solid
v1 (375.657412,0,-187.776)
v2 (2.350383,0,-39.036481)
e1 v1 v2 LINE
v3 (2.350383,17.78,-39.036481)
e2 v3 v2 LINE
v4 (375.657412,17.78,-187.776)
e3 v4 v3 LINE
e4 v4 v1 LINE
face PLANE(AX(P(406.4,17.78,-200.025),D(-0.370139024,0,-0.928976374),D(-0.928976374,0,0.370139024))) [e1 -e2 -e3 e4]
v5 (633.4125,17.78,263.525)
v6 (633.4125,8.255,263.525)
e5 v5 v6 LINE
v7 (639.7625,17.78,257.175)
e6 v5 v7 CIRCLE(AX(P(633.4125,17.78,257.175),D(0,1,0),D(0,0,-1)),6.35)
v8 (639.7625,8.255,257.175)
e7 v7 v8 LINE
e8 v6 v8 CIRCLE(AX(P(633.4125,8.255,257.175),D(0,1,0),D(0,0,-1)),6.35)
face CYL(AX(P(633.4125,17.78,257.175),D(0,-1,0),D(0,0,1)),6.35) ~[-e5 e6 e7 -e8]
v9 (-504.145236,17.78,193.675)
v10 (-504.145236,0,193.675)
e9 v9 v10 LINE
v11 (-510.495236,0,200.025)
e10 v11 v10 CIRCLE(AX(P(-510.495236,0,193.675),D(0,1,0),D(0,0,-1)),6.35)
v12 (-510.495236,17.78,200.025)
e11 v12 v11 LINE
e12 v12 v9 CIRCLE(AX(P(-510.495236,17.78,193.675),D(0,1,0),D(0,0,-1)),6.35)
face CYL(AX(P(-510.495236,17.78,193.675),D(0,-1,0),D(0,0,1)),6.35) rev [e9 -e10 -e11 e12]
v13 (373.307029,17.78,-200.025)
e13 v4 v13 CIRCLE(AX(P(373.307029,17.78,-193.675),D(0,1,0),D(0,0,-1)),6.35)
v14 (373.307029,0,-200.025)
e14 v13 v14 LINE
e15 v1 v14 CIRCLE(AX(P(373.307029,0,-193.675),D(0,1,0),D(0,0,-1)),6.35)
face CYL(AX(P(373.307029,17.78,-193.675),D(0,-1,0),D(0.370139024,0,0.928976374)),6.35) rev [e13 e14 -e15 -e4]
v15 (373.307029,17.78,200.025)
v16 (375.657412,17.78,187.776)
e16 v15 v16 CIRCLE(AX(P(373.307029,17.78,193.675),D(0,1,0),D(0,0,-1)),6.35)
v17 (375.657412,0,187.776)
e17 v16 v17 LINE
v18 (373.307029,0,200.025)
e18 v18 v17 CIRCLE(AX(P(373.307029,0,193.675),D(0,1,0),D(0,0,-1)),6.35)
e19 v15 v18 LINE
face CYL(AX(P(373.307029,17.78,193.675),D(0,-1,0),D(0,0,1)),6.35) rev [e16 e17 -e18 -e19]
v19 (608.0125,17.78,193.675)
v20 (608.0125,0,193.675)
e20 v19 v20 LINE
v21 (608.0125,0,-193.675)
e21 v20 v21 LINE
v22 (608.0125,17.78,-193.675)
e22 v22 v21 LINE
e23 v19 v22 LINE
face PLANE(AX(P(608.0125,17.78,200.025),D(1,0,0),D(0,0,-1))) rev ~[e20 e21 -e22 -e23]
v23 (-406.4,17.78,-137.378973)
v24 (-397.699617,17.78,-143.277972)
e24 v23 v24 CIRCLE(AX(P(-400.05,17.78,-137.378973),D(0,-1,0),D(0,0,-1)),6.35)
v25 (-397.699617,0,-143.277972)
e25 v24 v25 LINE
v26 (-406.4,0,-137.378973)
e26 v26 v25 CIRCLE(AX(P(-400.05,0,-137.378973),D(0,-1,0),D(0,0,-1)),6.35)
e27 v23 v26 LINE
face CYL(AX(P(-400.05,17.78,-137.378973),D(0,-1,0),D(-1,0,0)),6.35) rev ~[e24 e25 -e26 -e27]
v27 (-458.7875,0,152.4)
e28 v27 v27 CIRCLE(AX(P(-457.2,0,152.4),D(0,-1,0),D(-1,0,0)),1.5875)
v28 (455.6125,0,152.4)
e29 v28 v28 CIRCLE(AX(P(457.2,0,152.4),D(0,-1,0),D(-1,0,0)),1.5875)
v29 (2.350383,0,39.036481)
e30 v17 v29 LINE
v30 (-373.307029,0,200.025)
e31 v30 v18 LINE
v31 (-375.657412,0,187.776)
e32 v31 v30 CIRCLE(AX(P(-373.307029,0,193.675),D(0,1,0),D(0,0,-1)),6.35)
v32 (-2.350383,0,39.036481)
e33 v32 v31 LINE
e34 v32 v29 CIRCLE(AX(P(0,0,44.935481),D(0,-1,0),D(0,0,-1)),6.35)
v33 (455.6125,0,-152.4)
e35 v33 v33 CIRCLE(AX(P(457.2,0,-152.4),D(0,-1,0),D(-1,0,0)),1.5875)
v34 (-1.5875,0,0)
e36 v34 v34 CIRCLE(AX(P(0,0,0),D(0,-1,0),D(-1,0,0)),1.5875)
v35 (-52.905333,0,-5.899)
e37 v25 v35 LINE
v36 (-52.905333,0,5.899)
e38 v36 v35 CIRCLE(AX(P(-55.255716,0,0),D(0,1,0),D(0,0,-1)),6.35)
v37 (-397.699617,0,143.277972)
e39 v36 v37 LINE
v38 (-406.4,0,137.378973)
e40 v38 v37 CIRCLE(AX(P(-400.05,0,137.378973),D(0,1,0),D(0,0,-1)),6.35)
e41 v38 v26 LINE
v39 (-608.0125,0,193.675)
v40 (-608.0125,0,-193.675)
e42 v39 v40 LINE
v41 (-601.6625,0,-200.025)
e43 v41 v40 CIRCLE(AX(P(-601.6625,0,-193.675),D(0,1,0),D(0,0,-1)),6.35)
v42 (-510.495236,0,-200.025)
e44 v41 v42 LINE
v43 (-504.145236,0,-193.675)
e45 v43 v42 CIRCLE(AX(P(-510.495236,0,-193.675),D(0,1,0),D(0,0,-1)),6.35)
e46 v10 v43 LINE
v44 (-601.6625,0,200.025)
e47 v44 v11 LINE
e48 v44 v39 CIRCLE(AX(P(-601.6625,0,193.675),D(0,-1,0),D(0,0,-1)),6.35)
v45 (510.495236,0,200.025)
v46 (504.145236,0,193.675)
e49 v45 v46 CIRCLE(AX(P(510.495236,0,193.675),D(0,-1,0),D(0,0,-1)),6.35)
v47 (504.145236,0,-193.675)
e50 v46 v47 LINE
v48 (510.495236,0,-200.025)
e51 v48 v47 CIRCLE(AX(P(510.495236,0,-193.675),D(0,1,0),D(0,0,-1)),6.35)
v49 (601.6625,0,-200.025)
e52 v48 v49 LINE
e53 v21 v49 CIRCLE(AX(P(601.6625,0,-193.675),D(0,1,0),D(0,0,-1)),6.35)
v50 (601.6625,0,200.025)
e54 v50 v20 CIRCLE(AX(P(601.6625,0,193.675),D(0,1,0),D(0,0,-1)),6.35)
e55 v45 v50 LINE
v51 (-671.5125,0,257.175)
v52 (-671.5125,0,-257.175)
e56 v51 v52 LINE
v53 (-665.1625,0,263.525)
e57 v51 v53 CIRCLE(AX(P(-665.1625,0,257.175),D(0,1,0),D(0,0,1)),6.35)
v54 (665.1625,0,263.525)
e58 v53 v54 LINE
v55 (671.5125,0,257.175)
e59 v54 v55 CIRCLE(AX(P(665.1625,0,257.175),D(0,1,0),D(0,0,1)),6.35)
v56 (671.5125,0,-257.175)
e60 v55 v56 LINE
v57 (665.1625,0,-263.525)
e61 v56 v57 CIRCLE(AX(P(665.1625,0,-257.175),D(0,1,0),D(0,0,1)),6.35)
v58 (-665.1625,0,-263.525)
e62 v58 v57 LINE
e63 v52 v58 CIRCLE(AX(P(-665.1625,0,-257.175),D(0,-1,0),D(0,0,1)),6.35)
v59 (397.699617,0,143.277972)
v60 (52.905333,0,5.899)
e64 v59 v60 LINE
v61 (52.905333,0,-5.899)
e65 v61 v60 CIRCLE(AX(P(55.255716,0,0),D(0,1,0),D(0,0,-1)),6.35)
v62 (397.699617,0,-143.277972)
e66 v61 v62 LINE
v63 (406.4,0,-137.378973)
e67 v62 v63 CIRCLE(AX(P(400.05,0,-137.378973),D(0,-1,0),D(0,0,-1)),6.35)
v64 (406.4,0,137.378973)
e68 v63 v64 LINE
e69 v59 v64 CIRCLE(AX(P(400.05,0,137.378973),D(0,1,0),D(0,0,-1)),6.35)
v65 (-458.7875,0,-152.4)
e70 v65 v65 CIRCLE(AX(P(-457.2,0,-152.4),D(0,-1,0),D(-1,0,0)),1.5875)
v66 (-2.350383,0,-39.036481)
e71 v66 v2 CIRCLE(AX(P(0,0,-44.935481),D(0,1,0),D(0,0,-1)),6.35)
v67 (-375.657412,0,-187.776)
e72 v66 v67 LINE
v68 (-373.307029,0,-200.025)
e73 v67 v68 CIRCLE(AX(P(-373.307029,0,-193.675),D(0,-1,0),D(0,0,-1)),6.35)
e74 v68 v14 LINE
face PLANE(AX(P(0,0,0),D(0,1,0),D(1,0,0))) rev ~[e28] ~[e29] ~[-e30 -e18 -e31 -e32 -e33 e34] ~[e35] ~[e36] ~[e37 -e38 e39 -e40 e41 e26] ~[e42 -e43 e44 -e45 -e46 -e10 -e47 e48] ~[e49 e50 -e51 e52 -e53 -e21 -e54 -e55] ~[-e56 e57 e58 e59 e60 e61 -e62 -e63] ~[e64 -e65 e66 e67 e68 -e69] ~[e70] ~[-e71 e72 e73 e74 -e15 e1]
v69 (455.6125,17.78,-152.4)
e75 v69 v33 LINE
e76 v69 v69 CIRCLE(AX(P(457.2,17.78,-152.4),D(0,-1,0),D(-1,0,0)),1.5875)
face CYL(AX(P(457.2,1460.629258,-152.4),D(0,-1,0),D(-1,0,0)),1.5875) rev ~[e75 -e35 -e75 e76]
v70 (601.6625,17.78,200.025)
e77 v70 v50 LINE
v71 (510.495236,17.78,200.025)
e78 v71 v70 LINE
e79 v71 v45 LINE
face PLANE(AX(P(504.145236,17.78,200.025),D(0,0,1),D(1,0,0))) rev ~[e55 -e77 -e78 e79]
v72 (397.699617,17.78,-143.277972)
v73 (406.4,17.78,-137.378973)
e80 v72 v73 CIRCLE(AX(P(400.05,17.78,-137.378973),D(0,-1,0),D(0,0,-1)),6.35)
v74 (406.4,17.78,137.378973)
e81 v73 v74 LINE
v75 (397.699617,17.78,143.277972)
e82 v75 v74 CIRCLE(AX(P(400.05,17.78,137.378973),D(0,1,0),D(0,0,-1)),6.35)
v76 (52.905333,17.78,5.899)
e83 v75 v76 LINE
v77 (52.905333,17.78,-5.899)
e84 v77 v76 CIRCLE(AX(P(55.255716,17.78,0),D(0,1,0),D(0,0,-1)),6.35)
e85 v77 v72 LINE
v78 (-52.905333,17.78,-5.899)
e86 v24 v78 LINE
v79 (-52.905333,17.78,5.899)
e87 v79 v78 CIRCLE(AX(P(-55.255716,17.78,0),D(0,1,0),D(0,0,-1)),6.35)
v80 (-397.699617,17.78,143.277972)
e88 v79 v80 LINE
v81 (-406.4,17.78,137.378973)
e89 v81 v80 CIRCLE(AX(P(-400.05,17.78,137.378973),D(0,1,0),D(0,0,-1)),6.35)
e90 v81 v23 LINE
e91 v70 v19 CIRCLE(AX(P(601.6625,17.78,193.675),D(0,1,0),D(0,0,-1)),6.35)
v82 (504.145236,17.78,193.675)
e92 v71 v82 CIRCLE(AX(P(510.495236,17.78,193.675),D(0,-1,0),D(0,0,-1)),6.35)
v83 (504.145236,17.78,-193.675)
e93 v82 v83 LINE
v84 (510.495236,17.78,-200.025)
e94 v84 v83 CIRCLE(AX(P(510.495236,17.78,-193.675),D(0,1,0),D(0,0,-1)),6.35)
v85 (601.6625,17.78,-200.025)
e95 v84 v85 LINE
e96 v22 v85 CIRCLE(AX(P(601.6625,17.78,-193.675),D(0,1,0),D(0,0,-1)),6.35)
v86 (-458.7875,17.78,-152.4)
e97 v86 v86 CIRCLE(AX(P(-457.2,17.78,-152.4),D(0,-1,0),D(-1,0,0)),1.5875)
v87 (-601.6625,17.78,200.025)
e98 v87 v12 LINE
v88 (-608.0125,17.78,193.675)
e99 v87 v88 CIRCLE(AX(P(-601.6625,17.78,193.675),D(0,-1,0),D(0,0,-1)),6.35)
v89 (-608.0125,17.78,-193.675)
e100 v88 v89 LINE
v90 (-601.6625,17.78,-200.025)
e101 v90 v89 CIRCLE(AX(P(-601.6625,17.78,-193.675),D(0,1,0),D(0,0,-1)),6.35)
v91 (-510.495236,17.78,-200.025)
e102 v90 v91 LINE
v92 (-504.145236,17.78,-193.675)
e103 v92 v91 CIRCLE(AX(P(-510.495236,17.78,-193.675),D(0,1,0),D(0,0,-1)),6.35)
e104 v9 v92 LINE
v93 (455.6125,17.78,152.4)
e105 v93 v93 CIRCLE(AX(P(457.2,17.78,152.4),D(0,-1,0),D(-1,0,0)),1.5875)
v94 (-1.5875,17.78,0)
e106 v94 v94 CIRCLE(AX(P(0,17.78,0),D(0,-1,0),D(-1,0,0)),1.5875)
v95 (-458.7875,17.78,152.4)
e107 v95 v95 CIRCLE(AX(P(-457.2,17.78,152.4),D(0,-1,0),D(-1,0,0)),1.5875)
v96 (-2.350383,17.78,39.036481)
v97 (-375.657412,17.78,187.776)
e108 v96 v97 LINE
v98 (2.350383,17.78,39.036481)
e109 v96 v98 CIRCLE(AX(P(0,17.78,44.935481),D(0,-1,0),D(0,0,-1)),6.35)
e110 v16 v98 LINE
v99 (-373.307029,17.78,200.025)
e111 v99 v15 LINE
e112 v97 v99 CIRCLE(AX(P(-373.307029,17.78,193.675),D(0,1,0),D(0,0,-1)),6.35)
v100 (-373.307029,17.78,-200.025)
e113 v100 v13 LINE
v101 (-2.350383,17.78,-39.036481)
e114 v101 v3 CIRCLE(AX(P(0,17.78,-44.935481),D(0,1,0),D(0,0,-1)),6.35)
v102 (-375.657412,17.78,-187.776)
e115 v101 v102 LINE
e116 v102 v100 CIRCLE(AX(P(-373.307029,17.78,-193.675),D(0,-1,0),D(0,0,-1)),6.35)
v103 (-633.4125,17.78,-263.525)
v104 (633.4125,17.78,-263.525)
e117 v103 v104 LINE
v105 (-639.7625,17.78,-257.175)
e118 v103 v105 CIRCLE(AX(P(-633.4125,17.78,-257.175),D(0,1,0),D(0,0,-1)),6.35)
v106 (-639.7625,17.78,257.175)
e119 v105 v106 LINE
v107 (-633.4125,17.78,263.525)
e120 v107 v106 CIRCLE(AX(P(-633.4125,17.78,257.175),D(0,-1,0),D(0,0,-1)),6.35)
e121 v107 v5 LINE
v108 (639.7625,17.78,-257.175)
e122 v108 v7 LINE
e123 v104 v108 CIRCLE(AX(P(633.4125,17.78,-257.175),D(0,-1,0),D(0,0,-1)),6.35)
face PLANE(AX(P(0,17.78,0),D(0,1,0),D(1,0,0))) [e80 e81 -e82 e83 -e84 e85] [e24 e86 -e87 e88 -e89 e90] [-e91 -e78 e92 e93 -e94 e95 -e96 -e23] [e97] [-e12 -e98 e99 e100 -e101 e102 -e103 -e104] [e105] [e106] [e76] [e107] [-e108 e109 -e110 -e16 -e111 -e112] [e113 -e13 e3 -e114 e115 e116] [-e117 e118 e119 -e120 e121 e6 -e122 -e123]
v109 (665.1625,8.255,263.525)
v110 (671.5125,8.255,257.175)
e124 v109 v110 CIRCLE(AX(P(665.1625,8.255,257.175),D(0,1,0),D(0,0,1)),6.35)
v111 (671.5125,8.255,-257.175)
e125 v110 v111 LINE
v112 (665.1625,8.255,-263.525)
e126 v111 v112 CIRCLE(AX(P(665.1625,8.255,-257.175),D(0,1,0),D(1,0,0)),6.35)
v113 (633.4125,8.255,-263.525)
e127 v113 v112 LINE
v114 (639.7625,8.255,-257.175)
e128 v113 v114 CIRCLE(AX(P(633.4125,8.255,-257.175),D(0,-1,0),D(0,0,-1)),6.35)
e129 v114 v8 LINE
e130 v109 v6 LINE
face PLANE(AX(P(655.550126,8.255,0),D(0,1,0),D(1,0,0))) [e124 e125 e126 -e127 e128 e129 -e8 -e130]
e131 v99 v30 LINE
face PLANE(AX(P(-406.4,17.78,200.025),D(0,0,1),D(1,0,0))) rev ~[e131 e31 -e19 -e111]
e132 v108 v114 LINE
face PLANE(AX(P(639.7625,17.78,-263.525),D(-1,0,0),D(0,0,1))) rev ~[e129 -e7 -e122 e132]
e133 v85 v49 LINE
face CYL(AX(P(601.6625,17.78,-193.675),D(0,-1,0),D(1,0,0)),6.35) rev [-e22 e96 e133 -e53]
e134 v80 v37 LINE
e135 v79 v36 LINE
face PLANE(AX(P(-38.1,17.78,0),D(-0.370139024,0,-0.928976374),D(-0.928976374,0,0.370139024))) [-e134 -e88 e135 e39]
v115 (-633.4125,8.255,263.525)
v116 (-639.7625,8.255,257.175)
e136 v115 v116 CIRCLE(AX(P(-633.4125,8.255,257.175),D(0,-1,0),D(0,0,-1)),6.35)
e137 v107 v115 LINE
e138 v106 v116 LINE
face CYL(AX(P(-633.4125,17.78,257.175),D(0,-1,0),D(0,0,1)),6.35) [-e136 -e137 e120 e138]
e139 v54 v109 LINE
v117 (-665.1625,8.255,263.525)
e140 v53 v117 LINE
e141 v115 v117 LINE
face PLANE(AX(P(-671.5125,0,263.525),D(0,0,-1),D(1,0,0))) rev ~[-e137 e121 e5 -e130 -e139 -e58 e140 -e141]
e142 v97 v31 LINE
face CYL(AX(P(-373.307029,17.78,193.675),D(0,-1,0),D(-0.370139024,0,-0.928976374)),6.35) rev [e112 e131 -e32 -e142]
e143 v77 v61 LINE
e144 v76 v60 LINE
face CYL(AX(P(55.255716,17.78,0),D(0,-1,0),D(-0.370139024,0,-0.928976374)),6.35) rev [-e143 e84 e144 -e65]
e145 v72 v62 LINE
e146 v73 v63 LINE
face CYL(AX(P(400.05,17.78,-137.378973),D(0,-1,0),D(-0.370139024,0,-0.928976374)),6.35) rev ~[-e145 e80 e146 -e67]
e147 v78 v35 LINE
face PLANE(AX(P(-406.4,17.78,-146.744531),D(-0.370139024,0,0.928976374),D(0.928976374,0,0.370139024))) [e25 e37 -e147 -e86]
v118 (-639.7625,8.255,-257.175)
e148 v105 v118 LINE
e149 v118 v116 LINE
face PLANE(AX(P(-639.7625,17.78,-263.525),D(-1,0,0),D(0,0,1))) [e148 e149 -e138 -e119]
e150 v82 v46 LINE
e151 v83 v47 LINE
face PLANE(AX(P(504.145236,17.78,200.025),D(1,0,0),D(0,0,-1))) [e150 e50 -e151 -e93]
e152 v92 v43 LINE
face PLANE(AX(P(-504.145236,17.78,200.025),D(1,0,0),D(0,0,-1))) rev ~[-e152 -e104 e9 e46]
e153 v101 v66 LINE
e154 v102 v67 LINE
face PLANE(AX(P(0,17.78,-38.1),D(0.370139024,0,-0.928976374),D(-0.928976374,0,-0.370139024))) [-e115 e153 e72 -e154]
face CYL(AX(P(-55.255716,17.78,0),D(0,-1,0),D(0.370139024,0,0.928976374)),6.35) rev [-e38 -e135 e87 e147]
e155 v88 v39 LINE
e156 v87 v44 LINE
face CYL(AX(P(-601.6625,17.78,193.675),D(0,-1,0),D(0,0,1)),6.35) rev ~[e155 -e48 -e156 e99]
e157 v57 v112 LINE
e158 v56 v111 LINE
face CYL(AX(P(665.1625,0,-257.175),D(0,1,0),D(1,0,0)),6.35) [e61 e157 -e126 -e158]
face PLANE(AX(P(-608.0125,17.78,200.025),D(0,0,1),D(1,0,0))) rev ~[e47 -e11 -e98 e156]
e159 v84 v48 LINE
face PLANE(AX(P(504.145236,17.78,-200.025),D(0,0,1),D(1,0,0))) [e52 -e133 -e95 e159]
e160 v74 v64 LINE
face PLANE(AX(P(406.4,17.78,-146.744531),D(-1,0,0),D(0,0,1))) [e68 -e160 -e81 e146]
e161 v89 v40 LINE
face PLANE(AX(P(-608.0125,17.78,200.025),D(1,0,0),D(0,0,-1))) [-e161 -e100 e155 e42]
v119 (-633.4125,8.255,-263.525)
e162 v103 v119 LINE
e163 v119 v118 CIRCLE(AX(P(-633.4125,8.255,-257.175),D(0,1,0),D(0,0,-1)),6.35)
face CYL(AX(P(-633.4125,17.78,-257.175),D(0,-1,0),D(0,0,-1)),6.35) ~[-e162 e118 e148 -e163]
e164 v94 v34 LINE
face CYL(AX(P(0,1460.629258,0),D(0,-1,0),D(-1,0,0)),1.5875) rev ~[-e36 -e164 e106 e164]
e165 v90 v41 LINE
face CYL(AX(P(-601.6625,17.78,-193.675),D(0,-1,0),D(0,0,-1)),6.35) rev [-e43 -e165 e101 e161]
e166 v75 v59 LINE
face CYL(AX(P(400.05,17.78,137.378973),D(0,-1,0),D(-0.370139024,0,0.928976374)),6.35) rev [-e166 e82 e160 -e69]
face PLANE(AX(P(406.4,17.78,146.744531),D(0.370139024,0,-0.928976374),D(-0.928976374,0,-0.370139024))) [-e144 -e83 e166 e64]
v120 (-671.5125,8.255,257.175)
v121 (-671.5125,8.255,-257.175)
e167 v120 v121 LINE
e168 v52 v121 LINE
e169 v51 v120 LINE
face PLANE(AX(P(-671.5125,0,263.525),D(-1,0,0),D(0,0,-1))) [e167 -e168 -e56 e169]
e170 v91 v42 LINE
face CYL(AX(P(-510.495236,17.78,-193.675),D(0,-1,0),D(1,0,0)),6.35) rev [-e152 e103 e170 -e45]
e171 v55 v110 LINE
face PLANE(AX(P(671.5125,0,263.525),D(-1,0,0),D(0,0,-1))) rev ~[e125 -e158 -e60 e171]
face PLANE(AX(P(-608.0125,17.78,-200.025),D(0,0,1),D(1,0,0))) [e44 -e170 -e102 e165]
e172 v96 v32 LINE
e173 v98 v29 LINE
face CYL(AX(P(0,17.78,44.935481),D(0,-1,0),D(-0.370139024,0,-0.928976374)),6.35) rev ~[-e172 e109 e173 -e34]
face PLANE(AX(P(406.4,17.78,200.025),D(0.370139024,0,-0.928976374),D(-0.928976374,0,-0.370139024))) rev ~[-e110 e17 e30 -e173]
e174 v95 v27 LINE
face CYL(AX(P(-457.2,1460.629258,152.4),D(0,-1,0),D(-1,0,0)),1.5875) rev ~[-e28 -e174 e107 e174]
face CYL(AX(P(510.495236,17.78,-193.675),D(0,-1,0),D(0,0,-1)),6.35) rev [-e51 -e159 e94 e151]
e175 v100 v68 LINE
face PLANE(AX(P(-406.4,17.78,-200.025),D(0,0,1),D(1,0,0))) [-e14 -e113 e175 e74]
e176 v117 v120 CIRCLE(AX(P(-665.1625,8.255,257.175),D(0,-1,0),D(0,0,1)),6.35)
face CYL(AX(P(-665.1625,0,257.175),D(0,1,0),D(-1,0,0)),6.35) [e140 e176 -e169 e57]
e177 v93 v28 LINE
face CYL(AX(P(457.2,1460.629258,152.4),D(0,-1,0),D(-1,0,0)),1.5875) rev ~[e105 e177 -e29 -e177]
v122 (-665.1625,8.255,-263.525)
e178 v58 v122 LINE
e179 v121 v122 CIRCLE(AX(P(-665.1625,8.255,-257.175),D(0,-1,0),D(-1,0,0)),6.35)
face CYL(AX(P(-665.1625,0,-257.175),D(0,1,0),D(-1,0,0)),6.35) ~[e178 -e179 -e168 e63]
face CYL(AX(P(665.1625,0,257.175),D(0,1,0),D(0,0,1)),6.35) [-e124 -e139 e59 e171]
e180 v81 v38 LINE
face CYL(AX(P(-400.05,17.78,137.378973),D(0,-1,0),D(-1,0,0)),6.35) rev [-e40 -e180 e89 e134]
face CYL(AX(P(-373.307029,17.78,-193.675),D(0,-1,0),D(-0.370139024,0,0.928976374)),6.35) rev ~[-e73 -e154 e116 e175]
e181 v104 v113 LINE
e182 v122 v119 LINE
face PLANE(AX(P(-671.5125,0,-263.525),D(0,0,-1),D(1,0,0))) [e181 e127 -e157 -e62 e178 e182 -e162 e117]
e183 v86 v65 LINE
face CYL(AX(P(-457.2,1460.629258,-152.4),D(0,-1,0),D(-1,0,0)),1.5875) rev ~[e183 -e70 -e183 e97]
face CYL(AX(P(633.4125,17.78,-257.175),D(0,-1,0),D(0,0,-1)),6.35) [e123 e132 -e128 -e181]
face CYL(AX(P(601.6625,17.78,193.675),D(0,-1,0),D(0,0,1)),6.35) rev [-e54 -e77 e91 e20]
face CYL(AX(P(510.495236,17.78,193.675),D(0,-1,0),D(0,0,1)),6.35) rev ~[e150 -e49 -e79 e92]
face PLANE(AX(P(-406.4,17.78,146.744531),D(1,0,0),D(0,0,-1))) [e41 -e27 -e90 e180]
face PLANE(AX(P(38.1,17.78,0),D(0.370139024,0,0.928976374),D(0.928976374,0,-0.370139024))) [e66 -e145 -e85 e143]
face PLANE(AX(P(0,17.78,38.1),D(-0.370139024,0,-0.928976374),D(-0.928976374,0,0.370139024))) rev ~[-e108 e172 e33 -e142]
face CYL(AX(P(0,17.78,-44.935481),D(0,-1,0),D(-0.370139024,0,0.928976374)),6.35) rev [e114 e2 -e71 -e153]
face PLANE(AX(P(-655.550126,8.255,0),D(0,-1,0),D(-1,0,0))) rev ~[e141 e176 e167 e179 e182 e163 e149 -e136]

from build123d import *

# Parameters (mm, degrees)
SKETCH1_W                    = 1343.025
SKETCH1_H                    = 527.05
BOSS_EXTRUDE1_DEPTH          = 17.78
FILLET1_R                    = 6.35
F_1_8_0_125_DIAMETER_HOLE1_D = 3.175
SKETCH5_W                    = 103.867264199
SKETCH5_H                    = 400.05
CUT_EXTRUDE1_DEPTH           = 722.588935393
CUT_EXTRUDE2_DEPTH           = 9.525
FILLET2_R                    = 6.35


with BuildPart() as part:
    # Sketch1 → Boss-Extrude1 (new body)
    with BuildSketch(Plane(origin=(0, 0, 0), x_dir=(1, 0, 0), z_dir=(0, 1, 0))):
        Rectangle(SKETCH1_W, SKETCH1_H)
    extrude(amount=BOSS_EXTRUDE1_DEPTH)

    # Fillet1
    fillet1_edges = [part.edges().sort_by_distance(p)[0] for p in [
        (671.5125, 8.89, 263.525),
        (-671.5125, 8.89, 263.525),
        (-671.5125, 8.89, -263.525),
        (671.5125, 8.89, -263.525),
    ]]
    fillet(fillet1_edges, radius=FILLET1_R)

    # 1/8 (0.125) Diameter Hole1 (through all)
    with Locations(Plane(origin=(0, 17.78, 0), x_dir=(1, 0, 0), z_dir=(0, 1, 0))):
        with Locations((0, 0), (457.2, 152.4), (-457.2, -152.4), (-457.2, 152.4), (457.2, -152.4)):
            Hole(F_1_8_0_125_DIAMETER_HOLE1_D / 2)

    # Sketch5 → Cut-Extrude1 (cut, through all)
    with BuildSketch(Plane(origin=(0, 17.78, 0), x_dir=(1, 0, 0), z_dir=(0, 1, 0))):
        Polygon((-406.4, 200.025), (406.4, 200.025), (0, 38.1), align=None)
        Polygon((0, -38.1), (-406.4, -200.025), (406.4, -200.025), align=None)
        Polygon((406.4, 146.74453125), (406.4, -146.74453125), (38.1, 0), align=None)
        Polygon((-406.4, 146.74453125), (-38.1, 0), (-406.4, -146.74453125), align=None)
        with Locations((556.0788679, 0)):
            Rectangle(SKETCH5_W, SKETCH5_H)
        with Locations((-556.0788679, 0)):
            Rectangle(SKETCH5_W, SKETCH5_H)
    extrude(amount=-CUT_EXTRUDE1_DEPTH, mode=Mode.SUBTRACT)

    # Sketch6 → Cut-Extrude2 (cut)
    with BuildSketch(Plane(origin=(0, 17.78, 0), x_dir=(1, 0, 0), z_dir=(0, 1, 0))):
        with BuildLine():
            Line((639.7625, -263.525), (665.1625, -263.525))
            ThreePointArc((665.1625, -263.525), (669.652628061, -261.665128061), (671.5125, -257.175))
            Line((671.5125, -257.175), (671.5125, 257.175))
            ThreePointArc((671.5125, 257.175), (669.652628061, 261.665128061), (665.1625, 263.525))
            Line((665.1625, 263.525), (639.7625, 263.525))
            Line((639.7625, 263.525), (639.7625, -263.525))
        make_face()
        with BuildLine():
            Line((-639.7625, -263.525), (-665.1625, -263.525))
            ThreePointArc((-665.1625, -263.525), (-669.652628061, -261.665128061), (-671.5125, -257.175))
            Line((-671.5125, -257.175), (-671.5125, 257.175))
            ThreePointArc((-671.5125, 257.175), (-669.652628061, 261.665128061), (-665.1625, 263.525))
            Line((-665.1625, 263.525), (-639.7625, 263.525))
            Line((-639.7625, 263.525), (-639.7625, -263.525))
        make_face()
    extrude(amount=-CUT_EXTRUDE2_DEPTH, mode=Mode.SUBTRACT)

    # Fillet2
    fillet2_edges = [part.edges().sort_by_distance(p)[0] for p in [
        (-504.145235801, 8.89, -200.025),
        (-504.145235801, 8.89, 200.025),
        (-608.0125, 8.89, 200.025),
        (-608.0125, 8.89, -200.025),
        (-406.4, 8.89, 146.74453125),
        (-406.4, 8.89, -146.74453125),
        (-38.1, 8.89, 0),
        (608.0125, 8.89, -200.025),
        (608.0125, 8.89, 200.025),
        (504.145235801, 8.89, 200.025),
        (504.145235801, 8.89, -200.025),
        (0, 8.89, 38.1),
        (406.4, 8.89, 200.025),
        (-406.4, 8.89, 200.025),
        (38.1, 8.89, 0),
        (406.4, 8.89, -146.74453125),
        (406.4, 8.89, 146.74453125),
        (639.7625, 13.0175, 263.525),
        (639.7625, 13.0175, -263.525),
        (-639.7625, 13.0175, -263.525),
        (-639.7625, 13.0175, 263.525),
        (406.4, 8.89, -200.025),
        (0, 8.89, -38.1),
        (-406.4, 8.89, -200.025),
    ]]
    fillet(fillet2_edges, radius=FILLET2_R)


solid = part.part
